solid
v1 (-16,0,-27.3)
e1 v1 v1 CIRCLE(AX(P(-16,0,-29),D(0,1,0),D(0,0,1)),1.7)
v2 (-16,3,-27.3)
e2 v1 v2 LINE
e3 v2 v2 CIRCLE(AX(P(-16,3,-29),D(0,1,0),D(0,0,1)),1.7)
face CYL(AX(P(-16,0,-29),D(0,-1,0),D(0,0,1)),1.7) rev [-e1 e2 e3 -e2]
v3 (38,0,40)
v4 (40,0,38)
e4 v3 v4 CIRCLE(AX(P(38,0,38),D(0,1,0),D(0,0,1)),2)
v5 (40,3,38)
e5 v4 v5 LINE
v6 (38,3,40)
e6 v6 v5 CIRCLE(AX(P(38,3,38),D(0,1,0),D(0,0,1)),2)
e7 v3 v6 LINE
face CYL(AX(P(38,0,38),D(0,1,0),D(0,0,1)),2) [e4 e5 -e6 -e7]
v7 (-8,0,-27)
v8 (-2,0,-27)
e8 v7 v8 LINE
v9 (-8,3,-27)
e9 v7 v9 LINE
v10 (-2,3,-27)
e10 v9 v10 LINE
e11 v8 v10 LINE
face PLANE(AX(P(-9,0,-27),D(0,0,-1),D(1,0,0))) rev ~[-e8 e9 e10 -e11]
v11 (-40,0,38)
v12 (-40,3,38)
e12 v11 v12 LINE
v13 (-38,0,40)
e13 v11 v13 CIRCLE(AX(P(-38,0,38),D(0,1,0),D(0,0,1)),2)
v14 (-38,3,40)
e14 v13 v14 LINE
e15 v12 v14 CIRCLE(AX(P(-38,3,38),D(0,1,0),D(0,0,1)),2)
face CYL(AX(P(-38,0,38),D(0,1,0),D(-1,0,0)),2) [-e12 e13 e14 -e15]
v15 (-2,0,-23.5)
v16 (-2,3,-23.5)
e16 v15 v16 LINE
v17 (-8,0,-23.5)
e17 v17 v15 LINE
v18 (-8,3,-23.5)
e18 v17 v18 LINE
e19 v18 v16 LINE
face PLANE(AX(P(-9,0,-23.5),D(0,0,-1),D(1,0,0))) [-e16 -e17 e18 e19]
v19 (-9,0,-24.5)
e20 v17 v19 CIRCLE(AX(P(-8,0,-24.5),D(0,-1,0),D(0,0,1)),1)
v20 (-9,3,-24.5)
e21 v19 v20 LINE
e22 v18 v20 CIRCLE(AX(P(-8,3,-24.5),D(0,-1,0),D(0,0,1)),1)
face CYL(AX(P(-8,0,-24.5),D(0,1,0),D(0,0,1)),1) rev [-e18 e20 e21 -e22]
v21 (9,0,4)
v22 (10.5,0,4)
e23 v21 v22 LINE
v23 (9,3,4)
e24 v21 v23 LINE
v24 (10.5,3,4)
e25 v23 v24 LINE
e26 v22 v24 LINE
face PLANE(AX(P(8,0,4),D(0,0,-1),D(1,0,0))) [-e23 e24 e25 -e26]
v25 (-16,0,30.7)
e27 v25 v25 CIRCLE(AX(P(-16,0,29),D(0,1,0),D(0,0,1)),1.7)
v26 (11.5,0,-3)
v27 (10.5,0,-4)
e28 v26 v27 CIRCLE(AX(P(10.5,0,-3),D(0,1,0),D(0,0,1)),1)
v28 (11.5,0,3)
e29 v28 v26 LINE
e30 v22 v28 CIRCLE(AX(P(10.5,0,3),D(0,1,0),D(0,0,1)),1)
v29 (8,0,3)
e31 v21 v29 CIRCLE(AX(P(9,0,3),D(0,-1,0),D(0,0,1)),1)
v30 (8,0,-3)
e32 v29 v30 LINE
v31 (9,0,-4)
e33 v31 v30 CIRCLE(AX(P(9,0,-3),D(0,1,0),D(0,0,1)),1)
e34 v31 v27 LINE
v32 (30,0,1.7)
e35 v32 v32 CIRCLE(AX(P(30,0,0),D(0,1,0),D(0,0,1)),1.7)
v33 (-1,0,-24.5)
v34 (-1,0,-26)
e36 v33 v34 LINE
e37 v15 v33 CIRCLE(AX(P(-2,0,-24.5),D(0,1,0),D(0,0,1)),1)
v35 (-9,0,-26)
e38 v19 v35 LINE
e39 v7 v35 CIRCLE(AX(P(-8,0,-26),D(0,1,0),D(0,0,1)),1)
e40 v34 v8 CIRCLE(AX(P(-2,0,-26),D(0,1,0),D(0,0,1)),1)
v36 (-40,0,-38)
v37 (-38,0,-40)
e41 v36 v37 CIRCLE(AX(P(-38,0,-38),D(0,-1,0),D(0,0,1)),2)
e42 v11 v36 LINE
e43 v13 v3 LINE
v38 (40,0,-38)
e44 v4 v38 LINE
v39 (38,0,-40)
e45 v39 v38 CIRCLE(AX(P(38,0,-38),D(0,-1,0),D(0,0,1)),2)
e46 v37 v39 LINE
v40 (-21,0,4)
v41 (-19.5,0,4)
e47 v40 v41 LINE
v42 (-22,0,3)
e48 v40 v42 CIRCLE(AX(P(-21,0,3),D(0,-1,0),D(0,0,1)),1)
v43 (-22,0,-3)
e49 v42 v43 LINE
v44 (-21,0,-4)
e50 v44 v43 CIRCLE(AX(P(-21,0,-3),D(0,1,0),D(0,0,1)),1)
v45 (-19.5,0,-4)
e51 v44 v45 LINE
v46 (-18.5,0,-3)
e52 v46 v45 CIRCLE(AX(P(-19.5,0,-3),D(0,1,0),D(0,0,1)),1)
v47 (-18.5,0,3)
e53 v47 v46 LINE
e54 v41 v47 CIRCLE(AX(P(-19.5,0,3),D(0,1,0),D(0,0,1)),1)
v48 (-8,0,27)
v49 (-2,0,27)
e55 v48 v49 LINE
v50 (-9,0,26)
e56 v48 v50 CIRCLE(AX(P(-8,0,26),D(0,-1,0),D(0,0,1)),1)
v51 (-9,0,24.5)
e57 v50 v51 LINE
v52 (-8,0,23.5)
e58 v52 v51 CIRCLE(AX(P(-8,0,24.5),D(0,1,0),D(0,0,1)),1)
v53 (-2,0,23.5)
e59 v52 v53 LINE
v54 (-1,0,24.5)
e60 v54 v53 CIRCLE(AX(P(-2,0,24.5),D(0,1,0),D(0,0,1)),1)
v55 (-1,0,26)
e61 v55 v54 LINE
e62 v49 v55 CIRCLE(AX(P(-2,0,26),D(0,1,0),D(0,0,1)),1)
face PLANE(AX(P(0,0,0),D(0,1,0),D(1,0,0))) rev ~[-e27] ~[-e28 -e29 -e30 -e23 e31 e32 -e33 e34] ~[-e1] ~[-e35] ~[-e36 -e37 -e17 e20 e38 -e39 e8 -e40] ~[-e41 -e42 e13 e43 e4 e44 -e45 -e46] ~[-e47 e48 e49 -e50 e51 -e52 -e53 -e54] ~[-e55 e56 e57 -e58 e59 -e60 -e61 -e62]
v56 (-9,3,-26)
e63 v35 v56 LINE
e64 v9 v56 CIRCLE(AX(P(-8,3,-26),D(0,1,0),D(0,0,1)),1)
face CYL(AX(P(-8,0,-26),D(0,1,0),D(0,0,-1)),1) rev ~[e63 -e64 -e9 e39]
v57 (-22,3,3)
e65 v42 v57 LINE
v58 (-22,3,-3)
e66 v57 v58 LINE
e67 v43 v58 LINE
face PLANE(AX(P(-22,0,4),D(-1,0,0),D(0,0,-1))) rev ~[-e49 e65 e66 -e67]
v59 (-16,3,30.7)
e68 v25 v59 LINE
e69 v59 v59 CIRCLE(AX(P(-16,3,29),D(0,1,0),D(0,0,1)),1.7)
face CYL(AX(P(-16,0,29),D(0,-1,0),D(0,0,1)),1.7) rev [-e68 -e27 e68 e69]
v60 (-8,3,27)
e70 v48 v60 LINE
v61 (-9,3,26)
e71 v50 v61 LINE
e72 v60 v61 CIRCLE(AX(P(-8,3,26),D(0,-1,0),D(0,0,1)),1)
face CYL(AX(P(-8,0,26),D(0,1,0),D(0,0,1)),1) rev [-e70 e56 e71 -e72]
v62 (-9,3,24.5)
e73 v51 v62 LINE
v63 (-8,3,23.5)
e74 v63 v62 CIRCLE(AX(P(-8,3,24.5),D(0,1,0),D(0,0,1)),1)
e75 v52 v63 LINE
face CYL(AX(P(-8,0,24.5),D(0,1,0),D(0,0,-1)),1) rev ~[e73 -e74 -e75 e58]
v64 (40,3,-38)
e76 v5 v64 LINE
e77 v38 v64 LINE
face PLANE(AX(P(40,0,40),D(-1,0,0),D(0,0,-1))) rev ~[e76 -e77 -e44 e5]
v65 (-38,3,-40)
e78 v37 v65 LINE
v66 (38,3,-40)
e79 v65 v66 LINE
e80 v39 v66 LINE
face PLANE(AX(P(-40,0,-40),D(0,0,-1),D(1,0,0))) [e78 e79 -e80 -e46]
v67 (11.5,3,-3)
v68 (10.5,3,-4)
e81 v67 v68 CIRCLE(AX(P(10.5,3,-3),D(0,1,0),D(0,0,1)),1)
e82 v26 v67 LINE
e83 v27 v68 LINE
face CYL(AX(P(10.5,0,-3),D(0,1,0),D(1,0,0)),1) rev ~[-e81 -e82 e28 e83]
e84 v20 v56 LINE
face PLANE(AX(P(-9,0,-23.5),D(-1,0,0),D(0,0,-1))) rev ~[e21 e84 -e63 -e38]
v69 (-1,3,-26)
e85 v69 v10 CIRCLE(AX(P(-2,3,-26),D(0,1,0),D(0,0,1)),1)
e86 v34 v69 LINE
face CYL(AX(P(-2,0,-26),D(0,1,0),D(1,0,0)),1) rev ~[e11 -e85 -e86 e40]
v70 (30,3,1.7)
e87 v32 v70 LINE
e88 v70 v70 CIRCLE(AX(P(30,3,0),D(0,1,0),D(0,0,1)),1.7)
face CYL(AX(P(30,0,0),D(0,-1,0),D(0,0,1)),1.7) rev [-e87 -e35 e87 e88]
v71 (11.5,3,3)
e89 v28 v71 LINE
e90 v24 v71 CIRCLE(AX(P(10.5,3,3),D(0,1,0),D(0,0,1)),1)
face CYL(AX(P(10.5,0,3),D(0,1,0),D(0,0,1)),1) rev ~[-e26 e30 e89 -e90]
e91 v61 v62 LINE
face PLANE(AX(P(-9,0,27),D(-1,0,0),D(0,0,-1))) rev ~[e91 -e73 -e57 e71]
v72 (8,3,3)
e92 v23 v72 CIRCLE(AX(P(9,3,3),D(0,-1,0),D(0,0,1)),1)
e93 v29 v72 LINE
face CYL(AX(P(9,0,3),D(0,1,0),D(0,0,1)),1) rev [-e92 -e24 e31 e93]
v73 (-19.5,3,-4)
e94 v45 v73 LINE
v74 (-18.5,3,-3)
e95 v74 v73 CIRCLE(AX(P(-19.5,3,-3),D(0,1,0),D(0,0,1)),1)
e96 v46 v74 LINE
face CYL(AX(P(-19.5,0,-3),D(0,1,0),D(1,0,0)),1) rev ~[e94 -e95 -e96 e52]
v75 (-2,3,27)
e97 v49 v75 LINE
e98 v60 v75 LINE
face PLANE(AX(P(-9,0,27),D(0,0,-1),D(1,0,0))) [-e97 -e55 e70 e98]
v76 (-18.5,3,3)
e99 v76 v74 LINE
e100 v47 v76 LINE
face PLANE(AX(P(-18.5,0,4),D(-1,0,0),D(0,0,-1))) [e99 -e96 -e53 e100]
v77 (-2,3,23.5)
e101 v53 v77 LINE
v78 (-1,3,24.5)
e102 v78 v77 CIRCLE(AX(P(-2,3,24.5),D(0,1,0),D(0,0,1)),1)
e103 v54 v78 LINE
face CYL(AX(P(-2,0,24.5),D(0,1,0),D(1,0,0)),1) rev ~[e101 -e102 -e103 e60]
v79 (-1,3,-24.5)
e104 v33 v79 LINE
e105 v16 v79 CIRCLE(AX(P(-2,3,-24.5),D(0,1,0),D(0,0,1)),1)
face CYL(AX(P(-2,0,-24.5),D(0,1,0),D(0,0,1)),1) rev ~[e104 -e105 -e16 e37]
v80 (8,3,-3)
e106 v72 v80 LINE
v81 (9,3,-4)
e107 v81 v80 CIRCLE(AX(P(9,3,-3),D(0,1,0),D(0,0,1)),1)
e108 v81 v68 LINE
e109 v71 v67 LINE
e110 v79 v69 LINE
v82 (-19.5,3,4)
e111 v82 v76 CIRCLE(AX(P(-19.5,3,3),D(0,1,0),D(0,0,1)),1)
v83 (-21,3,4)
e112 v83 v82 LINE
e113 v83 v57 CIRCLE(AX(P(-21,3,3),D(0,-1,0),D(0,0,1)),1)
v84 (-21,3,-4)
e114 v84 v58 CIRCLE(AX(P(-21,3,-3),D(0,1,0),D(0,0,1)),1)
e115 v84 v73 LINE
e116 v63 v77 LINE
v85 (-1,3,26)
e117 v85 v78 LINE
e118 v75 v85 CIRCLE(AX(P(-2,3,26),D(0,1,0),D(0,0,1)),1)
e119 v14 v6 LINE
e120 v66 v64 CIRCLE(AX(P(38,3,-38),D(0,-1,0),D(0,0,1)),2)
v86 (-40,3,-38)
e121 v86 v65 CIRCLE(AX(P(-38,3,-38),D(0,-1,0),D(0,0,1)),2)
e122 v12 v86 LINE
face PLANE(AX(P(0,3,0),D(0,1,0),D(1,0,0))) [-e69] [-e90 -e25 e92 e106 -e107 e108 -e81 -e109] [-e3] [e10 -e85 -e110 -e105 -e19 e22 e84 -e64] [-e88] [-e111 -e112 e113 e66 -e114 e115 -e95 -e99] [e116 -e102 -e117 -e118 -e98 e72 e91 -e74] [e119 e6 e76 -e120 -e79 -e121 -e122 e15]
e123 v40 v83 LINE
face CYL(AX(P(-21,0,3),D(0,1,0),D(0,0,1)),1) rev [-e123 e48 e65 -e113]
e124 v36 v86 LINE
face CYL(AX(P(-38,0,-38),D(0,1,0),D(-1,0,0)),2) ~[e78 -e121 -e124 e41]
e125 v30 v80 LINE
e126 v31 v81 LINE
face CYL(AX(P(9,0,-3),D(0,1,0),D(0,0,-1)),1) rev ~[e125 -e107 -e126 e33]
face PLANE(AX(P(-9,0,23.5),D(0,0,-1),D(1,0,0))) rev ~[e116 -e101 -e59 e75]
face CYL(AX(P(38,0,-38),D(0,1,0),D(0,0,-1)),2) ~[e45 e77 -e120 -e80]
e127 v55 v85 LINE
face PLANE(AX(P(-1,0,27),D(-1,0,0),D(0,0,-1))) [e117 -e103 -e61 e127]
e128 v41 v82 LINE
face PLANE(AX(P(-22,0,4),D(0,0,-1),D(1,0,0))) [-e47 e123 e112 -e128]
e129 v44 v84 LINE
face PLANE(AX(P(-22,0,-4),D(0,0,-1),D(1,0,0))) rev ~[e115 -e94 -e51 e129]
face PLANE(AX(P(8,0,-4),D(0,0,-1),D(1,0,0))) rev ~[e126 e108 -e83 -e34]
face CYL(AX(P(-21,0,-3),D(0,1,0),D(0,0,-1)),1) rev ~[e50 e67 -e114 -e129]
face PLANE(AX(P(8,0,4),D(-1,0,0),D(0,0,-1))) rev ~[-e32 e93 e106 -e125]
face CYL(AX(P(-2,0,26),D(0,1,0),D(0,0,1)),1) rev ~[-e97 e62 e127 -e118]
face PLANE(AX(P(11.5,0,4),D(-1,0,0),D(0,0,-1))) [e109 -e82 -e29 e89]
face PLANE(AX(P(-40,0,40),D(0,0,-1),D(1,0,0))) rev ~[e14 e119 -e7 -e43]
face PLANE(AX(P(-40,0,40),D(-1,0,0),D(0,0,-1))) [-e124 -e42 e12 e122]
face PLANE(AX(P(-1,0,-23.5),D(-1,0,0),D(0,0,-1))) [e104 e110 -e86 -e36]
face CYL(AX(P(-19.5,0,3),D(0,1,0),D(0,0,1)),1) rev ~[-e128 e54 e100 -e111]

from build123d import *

# Parameters (mm, degrees)
SKETCH1_W           = 80
SKETCH1_H           = 80
BOSS_EXTRUDE1_DEPTH = 3
SKETCH5_R           = 1.7
SKETCH5_W           = 3.5
SKETCH5_H           = 8
SKETCH5_W_2         = 8
SKETCH5_H_2         = 3.5
CUT_EXTRUDE5_DEPTH  = 3
FILLET1_R           = 1
FILLET2_R           = 1
FILLET3_R           = 2


with BuildPart() as part:
    # Sketch1 → Boss-Extrude1 (new body)
    with BuildSketch(Plane(origin=(0, 0, 0), x_dir=(1, 0, 0), z_dir=(0, 1, 0))):
        Rectangle(SKETCH1_W, SKETCH1_H)
    extrude(amount=BOSS_EXTRUDE1_DEPTH)

    # Sketch5 → Cut-Extrude5 (cut)
    with BuildSketch(Plane(origin=(0, 0, 0), x_dir=(1, 0, 0), z_dir=(0, 1, 0))):
        with Locations(Location((30, 0, 0), (0, 0, 270))):
            Circle(SKETCH5_R)
        with Locations(Location((-16, 29, 0), (0, 0, 270))):
            Circle(SKETCH5_R)
        with Locations(Location((-16, -29, 0), (0, 0, 270))):
            Circle(SKETCH5_R)
        with Locations((9.75, 0)):
            Rectangle(SKETCH5_W, SKETCH5_H)
        with Locations((-20.25, 0)):
            Rectangle(SKETCH5_W, SKETCH5_H)
        with Locations((-5, 25.25)):
            Rectangle(SKETCH5_W_2, SKETCH5_H_2)
        with Locations((-5, -25.25)):
            Rectangle(SKETCH5_W_2, SKETCH5_H_2)
    extrude(amount=CUT_EXTRUDE5_DEPTH, mode=Mode.SUBTRACT)

    # Fillet1
    fillet1_edges = [part.edges().sort_by_distance(p)[0] for p in [
        (11.5, 1.5, 4),
        (11.5, 1.5, -4),
        (8, 1.5, -4),
        (8, 1.5, 4),
    ]]
    fillet(fillet1_edges, radius=FILLET1_R)

    # Fillet2
    fillet2_edges = [part.edges().sort_by_distance(p)[0] for p in [
        (-1, 1.5, 27),
        (-1, 1.5, 23.5),
        (-9, 1.5, 23.5),
        (-9, 1.5, 27),
        (-1, 1.5, -23.5),
        (-1, 1.5, -27),
        (-9, 1.5, -27),
        (-9, 1.5, -23.5),
        (-18.5, 1.5, 4),
        (-18.5, 1.5, -4),
        (-22, 1.5, -4),
        (-22, 1.5, 4),
    ]]
    fillet(fillet2_edges, radius=FILLET2_R)

    # Fillet3
    fillet3_edges = [part.edges().sort_by_distance(p)[0] for p in [
        (40, 1.5, 40),
        (-40, 1.5, 40),
        (-40, 1.5, -40),
        (40, 1.5, -40),
    ]]
    fillet(fillet3_edges, radius=FILLET3_R)


solid = part.part
